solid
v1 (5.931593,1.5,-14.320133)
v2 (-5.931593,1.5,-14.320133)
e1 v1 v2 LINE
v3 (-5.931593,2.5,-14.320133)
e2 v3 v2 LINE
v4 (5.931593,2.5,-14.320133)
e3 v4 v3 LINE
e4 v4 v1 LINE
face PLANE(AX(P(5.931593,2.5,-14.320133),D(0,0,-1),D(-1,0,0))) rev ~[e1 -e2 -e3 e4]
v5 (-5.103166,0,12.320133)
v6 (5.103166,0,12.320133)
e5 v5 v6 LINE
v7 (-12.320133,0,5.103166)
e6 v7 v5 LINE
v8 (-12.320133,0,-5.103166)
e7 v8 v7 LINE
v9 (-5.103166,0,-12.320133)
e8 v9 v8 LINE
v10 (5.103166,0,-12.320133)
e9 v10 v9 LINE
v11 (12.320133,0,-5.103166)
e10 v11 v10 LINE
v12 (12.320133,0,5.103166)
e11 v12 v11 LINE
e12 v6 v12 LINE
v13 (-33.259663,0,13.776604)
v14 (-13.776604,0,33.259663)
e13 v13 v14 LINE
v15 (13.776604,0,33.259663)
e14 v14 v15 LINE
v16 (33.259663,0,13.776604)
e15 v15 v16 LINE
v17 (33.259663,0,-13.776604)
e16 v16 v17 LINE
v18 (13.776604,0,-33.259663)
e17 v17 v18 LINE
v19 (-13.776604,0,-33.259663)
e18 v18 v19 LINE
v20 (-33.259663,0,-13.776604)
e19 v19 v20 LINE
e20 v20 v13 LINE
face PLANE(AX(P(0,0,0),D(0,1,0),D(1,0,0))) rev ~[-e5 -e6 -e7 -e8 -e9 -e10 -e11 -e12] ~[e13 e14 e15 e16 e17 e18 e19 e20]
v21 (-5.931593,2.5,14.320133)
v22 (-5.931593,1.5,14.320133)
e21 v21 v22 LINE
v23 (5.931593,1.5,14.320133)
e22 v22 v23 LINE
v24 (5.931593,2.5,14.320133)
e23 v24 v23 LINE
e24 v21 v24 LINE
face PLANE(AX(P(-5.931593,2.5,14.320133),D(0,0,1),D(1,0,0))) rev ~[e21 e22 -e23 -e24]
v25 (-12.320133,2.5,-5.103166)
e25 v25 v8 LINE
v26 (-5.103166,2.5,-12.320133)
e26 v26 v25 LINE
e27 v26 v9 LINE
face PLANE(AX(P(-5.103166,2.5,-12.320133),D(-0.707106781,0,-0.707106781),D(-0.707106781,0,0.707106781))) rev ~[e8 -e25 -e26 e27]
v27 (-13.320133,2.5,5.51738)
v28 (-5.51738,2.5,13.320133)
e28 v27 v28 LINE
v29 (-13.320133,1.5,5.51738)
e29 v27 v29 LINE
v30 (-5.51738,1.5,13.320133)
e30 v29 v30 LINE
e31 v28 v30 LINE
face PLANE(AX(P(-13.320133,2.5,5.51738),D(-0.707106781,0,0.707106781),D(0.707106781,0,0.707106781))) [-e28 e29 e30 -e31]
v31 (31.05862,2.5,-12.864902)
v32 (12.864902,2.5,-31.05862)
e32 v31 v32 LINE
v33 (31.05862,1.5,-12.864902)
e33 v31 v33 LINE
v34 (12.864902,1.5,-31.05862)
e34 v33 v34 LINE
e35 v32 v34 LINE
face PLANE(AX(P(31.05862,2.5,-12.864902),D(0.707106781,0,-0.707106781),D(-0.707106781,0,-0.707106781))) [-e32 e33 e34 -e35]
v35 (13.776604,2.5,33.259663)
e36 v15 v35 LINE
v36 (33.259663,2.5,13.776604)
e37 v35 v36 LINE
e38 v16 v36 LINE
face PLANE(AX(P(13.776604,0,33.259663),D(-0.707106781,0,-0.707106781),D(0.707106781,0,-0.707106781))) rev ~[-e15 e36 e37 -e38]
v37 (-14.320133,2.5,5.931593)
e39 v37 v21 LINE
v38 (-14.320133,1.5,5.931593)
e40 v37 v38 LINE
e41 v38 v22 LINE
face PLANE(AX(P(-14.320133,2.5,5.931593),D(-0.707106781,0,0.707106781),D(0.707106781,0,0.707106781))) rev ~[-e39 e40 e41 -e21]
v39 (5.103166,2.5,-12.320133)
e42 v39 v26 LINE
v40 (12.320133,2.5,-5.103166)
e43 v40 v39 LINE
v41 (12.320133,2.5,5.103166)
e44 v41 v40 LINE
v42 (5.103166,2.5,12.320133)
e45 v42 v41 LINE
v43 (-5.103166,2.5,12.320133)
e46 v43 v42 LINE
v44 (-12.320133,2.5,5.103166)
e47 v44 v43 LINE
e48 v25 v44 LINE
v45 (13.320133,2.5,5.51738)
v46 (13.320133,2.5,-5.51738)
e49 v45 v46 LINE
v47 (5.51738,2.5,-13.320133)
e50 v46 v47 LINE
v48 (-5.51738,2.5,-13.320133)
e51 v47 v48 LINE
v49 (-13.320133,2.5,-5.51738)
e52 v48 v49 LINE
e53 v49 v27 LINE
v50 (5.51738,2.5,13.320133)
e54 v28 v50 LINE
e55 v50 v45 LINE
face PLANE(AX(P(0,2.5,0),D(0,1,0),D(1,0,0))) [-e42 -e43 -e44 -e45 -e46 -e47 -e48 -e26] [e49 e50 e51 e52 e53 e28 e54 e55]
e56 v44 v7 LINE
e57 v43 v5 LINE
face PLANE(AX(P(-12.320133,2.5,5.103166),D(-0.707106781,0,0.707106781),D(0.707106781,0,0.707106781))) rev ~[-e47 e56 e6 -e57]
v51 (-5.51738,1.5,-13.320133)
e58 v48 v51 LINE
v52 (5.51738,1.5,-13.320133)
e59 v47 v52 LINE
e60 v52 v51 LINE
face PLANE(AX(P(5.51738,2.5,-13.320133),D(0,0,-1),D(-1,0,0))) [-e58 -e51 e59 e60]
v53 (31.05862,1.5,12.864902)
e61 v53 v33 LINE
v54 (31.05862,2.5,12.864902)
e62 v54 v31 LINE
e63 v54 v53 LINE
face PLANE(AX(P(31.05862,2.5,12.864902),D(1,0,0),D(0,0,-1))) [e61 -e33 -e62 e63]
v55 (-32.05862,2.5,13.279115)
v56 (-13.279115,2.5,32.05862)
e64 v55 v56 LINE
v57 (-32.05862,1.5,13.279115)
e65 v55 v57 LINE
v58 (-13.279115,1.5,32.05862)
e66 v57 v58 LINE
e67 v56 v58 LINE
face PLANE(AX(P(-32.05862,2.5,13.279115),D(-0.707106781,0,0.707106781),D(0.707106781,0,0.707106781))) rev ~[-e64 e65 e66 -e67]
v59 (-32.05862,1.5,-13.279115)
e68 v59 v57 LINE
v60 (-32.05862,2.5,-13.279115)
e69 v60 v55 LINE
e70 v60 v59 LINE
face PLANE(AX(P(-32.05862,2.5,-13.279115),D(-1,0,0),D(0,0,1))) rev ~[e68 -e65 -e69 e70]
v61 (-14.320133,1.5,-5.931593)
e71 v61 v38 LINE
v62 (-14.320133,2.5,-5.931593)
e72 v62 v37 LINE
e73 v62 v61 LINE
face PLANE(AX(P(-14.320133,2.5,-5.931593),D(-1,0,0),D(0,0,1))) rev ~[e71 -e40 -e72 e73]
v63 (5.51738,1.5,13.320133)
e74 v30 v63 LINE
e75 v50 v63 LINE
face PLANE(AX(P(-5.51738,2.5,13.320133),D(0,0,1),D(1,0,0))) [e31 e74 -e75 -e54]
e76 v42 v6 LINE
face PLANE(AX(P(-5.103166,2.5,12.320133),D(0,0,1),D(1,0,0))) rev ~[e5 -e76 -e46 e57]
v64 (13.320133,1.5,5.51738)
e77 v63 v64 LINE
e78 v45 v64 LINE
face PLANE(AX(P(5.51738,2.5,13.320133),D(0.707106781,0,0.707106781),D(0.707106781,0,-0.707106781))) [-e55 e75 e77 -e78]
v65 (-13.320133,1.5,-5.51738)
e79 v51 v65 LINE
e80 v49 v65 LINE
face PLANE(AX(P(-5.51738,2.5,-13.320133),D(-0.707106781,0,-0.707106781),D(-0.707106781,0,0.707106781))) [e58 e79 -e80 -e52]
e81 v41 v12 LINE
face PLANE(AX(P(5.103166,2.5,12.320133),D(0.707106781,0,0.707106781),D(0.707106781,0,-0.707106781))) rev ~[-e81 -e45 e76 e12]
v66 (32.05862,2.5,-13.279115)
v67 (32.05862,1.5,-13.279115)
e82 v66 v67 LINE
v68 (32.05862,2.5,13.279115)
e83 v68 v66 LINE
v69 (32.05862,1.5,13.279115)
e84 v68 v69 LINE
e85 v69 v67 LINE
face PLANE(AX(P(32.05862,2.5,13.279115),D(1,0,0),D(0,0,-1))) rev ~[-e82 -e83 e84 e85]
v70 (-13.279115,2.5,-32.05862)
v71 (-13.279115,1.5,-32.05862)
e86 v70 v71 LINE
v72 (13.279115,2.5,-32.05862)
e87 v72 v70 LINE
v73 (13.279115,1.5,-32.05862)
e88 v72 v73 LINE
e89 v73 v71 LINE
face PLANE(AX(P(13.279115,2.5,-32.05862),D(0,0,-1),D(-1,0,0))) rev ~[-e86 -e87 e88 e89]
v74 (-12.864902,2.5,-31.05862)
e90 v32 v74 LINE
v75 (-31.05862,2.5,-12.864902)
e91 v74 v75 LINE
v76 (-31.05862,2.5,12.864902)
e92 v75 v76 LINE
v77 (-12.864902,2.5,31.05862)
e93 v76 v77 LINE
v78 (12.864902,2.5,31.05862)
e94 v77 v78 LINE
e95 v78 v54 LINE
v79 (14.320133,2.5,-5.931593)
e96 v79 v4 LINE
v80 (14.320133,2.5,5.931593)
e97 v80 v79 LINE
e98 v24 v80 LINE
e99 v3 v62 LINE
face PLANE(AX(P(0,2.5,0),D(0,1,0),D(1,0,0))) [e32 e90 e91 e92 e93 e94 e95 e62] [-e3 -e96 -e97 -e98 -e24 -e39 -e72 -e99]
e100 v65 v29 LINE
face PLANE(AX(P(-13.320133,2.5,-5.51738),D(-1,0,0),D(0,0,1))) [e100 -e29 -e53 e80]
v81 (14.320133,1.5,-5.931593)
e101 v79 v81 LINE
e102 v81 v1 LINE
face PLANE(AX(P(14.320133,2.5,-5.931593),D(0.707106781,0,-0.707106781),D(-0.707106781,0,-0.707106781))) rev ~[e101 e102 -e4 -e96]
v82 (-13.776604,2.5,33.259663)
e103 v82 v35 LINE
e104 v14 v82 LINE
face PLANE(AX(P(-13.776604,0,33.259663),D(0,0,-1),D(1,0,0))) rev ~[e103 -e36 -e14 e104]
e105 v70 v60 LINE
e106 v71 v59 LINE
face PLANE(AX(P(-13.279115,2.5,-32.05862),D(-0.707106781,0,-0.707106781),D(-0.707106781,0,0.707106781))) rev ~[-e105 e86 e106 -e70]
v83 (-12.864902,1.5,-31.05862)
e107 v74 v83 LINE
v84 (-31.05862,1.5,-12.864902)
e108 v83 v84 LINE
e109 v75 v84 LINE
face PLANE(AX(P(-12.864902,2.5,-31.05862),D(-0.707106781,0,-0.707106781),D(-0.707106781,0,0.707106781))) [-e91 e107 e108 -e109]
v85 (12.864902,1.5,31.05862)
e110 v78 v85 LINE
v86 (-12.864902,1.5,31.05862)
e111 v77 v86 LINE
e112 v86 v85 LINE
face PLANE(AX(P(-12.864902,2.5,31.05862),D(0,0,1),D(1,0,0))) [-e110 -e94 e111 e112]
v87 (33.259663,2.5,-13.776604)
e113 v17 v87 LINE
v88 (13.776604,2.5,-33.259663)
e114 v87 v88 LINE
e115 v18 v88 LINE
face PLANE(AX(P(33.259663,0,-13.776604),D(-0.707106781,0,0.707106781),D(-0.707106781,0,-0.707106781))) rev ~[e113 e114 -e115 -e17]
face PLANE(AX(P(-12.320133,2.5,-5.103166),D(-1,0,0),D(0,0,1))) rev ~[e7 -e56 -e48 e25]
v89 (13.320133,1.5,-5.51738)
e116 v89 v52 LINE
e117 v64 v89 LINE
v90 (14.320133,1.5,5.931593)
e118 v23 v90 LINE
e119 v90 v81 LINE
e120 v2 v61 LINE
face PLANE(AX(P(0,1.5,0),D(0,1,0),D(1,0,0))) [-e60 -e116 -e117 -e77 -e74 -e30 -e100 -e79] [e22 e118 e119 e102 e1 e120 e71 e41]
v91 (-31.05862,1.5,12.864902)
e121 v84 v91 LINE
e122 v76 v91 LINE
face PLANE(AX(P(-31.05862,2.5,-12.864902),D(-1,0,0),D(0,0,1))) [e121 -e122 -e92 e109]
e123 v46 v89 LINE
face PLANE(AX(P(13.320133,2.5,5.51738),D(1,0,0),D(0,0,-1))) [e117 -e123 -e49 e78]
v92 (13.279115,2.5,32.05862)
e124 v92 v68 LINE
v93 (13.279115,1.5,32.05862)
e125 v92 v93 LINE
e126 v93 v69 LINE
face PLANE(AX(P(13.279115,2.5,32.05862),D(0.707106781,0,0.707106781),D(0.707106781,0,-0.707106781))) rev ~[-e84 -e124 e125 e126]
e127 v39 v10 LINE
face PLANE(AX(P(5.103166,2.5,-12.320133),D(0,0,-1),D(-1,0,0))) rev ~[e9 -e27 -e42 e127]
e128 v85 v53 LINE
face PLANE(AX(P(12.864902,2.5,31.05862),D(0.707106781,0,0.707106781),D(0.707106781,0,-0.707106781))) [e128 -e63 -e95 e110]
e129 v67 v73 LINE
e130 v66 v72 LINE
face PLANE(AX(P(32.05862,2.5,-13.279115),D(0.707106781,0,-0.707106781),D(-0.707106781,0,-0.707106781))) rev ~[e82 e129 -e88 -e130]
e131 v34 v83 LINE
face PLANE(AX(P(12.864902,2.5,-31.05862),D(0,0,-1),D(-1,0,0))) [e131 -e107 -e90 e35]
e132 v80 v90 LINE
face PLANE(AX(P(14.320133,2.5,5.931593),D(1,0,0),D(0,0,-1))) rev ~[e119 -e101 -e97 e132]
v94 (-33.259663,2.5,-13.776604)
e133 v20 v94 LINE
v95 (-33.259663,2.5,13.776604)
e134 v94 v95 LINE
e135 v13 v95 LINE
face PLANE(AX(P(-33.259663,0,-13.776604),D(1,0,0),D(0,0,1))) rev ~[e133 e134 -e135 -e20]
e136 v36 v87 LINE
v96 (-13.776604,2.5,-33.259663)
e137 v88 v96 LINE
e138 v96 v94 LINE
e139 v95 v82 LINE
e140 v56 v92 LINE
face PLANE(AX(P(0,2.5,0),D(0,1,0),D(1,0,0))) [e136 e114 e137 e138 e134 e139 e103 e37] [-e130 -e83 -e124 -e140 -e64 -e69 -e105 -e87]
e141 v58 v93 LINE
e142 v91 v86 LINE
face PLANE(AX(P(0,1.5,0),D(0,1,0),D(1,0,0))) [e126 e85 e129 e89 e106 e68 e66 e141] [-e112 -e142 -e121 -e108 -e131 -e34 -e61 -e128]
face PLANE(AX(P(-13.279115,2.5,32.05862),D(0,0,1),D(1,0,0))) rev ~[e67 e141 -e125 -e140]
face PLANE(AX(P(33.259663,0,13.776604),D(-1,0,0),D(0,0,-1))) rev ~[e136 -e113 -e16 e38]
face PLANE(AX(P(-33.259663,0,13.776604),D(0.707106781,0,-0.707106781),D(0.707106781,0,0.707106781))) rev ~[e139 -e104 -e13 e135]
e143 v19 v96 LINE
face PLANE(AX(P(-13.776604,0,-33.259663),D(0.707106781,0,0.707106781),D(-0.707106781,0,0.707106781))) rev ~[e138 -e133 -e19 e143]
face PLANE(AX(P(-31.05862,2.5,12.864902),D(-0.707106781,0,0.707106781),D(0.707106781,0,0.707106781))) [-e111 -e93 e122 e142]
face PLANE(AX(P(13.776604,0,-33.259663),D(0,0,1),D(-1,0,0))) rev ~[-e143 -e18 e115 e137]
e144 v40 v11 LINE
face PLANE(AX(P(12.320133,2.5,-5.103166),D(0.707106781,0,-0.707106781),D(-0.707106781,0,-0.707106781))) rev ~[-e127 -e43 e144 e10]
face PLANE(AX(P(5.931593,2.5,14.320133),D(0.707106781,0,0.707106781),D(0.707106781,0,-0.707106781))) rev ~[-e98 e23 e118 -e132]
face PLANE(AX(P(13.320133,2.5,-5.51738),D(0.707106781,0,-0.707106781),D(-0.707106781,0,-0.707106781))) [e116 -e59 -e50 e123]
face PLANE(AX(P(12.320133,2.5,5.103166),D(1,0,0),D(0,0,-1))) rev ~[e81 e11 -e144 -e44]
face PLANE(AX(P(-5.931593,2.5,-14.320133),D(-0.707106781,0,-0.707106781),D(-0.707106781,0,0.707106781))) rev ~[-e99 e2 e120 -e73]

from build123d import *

# Parameters (mm, degrees)
EXTRUDE_1_DEPTH     = 2.5
CUT_EXTRUDE_1_DEPTH = 1
CUT_EXTRUDE_2_DEPTH = 3.8
CUT_EXTRUDE_3_DEPTH = 1


with BuildPart() as part:
    # 스케치1 → 보스-돌출1 (new body)
    with BuildSketch(Plane(origin=(0, 0, 0), x_dir=(1, 0, 0), z_dir=(0, 1, 0))):
        Polygon((-13.776603565, -33.25966317), (13.776603565, -33.25966317), (33.25966317, -13.776603565), (33.25966317, 13.776603565), (13.776603565, 33.25966317), (-13.776603565, 33.25966317), (-33.25966317, 13.776603565), (-33.25966317, -13.776603565), align=None)
    extrude(amount=EXTRUDE_1_DEPTH)

    # 스케치2 → 컷-돌출1 (cut)
    with BuildSketch(Plane(origin=(0, 2.5, 0), x_dir=(1, 0, 0), z_dir=(0, 1, 0))):
        Polygon((13.279115103, -32.058619778), (32.058619778, -13.279115103), (32.058619778, 13.279115103), (13.279115103, 32.058619778), (-13.279115103, 32.058619778), (-32.058619778, 13.279115103), (-32.058619778, -13.279115103), (-13.279115103, -32.058619778), align=None)
        Polygon((12.864901541, -31.058619778), (31.058619778, -12.864901541), (31.058619778, 12.864901541), (12.864901541, 31.058619778), (-12.864901541, 31.058619778), (-31.058619778, 12.864901541), (-31.058619778, -12.864901541), (-12.864901541, -31.058619778), align=None, mode=Mode.SUBTRACT)
    extrude(amount=-CUT_EXTRUDE_1_DEPTH, mode=Mode.SUBTRACT)

    # 스케치4 → 컷-돌출2 (cut)
    with BuildSketch(Plane(origin=(0, 2.5, 0), x_dir=(1, 0, 0), z_dir=(0, 1, 0))):
        Polygon((-5.103166077, -12.320132754), (5.103166077, -12.320132754), (12.320132754, -5.103166077), (12.320132754, 5.103166077), (5.103166077, 12.320132754), (-5.103166077, 12.320132754), (-12.320132754, 5.103166077), (-12.320132754, -5.103166077), align=None)
    extrude(amount=-CUT_EXTRUDE_2_DEPTH, mode=Mode.SUBTRACT)

    # 스케치4<3> → 컷-돌출3 (cut)
    with BuildSketch(Plane(origin=(0, 2.5, 0), x_dir=(1, 0, 0), z_dir=(0, 1, 0))):
        Polygon((-5.931593202, -14.320132754), (5.931593202, -14.320132754), (14.320132754, -5.931593202), (14.320132754, 5.931593202), (5.931593202, 14.320132754), (-5.931593202, 14.320132754), (-14.320132754, 5.931593202), (-14.320132754, -5.931593202), align=None)
        Polygon((13.320132754, -5.517379639), (5.517379639, -13.320132754), (-5.517379639, -13.320132754), (-13.320132754, -5.517379639), (-13.320132754, 5.517379639), (-5.517379639, 13.320132754), (5.517379639, 13.320132754), (13.320132754, 5.517379639), align=None, mode=Mode.SUBTRACT)
    extrude(amount=-CUT_EXTRUDE_3_DEPTH, mode=Mode.SUBTRACT)


solid = part.part
